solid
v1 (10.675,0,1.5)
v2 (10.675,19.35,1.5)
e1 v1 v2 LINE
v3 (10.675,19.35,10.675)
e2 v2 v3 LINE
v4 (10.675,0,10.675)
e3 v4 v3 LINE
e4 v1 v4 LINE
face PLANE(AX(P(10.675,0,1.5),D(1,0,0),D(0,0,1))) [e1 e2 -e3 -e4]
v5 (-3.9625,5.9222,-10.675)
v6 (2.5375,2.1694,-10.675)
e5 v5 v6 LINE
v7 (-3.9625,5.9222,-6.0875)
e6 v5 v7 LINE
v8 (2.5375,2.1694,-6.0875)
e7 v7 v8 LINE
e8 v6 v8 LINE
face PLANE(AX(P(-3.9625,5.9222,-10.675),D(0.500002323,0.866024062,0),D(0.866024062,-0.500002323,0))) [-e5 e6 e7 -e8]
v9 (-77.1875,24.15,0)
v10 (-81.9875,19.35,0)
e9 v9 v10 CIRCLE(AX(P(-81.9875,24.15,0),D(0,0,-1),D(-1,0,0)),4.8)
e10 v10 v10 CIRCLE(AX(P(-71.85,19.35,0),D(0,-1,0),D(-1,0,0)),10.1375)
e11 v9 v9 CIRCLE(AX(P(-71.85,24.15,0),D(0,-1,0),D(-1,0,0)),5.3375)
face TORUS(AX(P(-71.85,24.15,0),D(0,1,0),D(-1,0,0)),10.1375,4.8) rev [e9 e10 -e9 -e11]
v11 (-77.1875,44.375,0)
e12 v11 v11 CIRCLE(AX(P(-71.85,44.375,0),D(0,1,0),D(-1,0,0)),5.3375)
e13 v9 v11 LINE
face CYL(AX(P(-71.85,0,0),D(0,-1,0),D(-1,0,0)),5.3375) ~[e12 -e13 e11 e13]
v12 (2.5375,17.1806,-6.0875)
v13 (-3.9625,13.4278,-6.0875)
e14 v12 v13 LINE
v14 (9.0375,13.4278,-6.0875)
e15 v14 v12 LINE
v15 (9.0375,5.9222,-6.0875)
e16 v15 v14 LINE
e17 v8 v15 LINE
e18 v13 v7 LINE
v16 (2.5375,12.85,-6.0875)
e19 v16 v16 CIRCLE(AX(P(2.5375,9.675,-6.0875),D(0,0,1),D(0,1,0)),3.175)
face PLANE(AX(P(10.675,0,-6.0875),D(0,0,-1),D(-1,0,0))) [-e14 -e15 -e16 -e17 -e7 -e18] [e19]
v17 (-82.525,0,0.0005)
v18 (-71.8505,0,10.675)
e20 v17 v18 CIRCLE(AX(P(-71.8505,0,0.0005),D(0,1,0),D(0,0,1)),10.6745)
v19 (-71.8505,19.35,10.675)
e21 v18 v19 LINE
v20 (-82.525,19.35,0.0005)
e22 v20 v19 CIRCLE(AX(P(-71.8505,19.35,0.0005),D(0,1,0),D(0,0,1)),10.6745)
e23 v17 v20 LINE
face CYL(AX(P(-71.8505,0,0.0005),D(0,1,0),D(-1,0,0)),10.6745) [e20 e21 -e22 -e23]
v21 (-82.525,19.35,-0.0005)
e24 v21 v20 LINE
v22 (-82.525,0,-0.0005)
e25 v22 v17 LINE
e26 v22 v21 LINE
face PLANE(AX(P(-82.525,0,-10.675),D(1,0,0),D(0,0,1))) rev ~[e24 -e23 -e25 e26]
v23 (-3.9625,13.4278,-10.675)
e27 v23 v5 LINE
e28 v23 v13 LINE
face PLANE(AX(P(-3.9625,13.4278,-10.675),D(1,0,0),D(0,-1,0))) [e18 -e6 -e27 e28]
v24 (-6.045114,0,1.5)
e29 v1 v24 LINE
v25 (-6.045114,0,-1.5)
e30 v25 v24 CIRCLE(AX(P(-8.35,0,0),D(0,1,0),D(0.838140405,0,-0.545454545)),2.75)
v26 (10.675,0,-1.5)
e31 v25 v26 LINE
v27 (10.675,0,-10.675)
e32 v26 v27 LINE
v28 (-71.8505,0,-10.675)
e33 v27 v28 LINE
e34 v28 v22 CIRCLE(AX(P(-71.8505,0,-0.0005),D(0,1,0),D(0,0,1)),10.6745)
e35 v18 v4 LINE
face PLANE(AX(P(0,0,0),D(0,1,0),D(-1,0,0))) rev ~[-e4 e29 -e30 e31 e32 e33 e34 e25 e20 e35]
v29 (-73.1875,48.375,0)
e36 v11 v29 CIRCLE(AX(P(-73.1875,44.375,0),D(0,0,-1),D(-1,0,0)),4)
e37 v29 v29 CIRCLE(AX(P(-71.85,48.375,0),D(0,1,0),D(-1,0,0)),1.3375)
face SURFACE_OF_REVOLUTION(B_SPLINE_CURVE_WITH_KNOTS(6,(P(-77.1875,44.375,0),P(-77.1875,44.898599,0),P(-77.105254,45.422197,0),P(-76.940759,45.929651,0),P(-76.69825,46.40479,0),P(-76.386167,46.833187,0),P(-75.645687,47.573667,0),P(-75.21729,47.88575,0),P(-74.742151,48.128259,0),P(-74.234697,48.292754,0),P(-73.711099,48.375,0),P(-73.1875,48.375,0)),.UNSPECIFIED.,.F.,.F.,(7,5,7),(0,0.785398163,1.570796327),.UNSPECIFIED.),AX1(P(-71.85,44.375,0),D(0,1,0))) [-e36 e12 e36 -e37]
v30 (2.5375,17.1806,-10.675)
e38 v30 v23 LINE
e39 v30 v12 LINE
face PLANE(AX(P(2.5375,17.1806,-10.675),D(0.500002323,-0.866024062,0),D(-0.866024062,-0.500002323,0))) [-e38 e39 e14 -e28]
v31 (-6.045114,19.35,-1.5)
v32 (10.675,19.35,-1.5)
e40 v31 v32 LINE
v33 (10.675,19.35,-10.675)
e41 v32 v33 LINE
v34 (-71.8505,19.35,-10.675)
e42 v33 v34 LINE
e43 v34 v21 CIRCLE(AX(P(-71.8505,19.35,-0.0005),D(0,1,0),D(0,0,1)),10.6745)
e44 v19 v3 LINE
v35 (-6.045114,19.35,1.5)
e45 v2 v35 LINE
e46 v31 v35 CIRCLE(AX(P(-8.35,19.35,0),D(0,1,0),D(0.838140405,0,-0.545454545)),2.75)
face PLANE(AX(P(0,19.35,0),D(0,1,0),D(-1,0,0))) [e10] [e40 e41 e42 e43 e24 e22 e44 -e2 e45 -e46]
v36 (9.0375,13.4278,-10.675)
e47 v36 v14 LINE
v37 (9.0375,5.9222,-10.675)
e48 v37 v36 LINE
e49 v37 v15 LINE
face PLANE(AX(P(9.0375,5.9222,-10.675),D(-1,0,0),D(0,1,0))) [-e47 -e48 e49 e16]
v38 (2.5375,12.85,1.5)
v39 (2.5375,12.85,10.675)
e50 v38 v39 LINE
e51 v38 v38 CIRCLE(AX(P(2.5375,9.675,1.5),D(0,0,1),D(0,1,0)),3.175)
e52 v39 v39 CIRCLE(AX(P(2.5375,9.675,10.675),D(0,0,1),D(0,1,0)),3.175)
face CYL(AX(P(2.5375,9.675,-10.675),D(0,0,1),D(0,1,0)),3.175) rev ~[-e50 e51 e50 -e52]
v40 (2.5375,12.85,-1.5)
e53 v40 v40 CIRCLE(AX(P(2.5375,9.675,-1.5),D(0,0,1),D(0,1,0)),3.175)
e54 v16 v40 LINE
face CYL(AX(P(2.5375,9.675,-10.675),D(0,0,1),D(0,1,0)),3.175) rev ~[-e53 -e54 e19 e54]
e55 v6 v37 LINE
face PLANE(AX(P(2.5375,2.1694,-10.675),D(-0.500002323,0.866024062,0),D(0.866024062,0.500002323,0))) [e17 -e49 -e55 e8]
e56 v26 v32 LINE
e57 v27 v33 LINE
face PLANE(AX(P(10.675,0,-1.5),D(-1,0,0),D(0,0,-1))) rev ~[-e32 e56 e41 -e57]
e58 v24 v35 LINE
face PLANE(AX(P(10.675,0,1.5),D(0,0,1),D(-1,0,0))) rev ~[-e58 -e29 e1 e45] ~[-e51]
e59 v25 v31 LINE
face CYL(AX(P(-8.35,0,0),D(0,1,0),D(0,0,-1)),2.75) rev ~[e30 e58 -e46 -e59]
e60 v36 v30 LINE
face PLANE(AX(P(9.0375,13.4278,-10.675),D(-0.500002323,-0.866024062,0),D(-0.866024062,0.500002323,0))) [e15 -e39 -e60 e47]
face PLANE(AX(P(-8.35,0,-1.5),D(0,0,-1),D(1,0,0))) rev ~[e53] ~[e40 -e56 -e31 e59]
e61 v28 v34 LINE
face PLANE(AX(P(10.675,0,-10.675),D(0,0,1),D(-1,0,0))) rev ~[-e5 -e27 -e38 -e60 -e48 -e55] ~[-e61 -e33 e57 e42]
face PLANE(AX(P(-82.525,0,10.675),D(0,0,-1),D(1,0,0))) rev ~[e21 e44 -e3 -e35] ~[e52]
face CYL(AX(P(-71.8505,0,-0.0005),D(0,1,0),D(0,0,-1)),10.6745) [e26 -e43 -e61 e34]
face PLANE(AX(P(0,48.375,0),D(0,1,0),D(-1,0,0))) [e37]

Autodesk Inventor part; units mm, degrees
ref_plane "YZ Plane" through (0, 0, 0) normal (1, 0, 0) x (0, 1, 0)
ref_plane "XZ Plane" through (0, 0, 0) normal (0, 1, 0) x (-1, 0, 0)
ref_plane "XY Plane" through (0, 0, 0) normal (0, 0, 1) x (1, 0, 0)
sketch "Bottom" plane through (0, 0, 0) normal (0, 1, 0) x (-1, 0, 0)
  line L0 (-10.675, -10.675) -> (82.525, -10.675)
  line L1 (82.525, -10.675) -> (82.525, 10.675)
  line L2 (82.525, 10.675) -> (-10.675, 10.675)
  line L3 (-10.675, 10.675) -> (-10.675, -10.675) construction
  line L4 (-10.675, 1.5) -> (8.35, 1.5)
  line L5 (8.35, 1.5) -> (8.35, -1.5)
  line L6 (8.35, -1.5) -> (-10.675, -1.5)
  line L7 (-10.675, 1.5) -> (-10.675, 10.675)
  line L8 (-10.675, -1.5) -> (-10.675, -10.675)
  circle A0 centre (71.85, 0) radius 5.3375
  point P0 (0, 0)
  point P1 (8.35, 0)
  dimension "Width" = 21.35
  dimension "d2" = 10.675
  dimension "d3" = 93.2
  dimension "d4" = 10.675
  dimension "d8" = 9.175
  dimension "d9" = 9.175
  dimension "d10" = 3
  dimension "ArmMount" = 19.025
  dimension "d15" = 19.025
  dimension "d16" = 10.675
  dimension "d19" = 10.675
  dimension "d22" = 10.675
  dimension "d23" = 10.675
extrude "Extrusion1" add sketch "Bottom" along normal blind 19.35 contours L8 L6 L5 L4 L7 L2 L1 L0 | A0
extrude "Extrusion2" add sketch "Bottom" along normal blind 48.375 contours A0
hole "Hole1" at (-8.35, 0, 0) direction (0, 1, 0) diameter 5.5 end through all
sketch "Side" plane through (10.675, 0, -10.675) normal (0, 0, -1) x (-1, 0, 0)
  line L0 (0, 19.35) -> (93.2, 19.35) projected
  line L1 (0, 0) -> (0, 19.35) projected
  line L2 (8.1375, 2.1694) -> (1.6375, 5.9222)
  line L3 (1.6375, 5.9222) -> (1.6375, 13.4278)
  line L4 (1.6375, 13.4278) -> (8.1375, 17.1806)
  line L5 (8.1375, 17.1806) -> (14.6375, 13.4278)
  line L6 (14.6375, 13.4278) -> (14.6375, 5.9222)
  line L7 (14.6375, 5.9222) -> (8.1375, 2.1694)
  point P0 (10.675, 0)
  point P1 (8.1375, 9.675)
  point P2 (8.1375, 9.675)
  dimension "d31" = 9.675
  dimension "d32" = 8.1375
  dimension "Nut" = 6.5
  dimension "d44" = 2.1694
hole "Hole2" at (2.5375, 9.675, -10.675) direction (0, 0, 1) diameter 6.35 end through all
extrude "Extrusion3" cut sketch "Side" against normal blind 4.5875
fillet "Fillet1" radius 10.675 2 edges at (-82.525, 9.675, -10.675) (-82.525, 9.675, 10.675)
fillet "Fillet2" radius 4 1 edges at (-66.5125, 48.375, 0)
fillet "Fillet3" radius 4.8 1 edges at (-66.5125, 19.35, 0)
equation "\"d2\" = 0.5 * Width"
equation "\"d4\" = d2"
equation "\"d9\" = d8"
equation "\"d15\" = ArmMount"
equation "\"d16\" = d2"
equation "\"d19\" = d2"
equation "\"d22\" = d2"
equation "\"d23\" = d2"
equation "\"d20\" = 2.5 * Thickness"
equation "\"d31\" = 0.5 * Thickness"
equation "\"d32\" = -0.25 * GearDiameter + 0.5 * ArmMount"
equation "\"d45\" = 0.5 * d9"
equation "\"d47\" = 0.5 * Width"
equation "\"Thickness\" = 19.35"
equation "\"GearDiameter\" = 5.5"
properties part number "Egg_Turner_Motor_Arm"
